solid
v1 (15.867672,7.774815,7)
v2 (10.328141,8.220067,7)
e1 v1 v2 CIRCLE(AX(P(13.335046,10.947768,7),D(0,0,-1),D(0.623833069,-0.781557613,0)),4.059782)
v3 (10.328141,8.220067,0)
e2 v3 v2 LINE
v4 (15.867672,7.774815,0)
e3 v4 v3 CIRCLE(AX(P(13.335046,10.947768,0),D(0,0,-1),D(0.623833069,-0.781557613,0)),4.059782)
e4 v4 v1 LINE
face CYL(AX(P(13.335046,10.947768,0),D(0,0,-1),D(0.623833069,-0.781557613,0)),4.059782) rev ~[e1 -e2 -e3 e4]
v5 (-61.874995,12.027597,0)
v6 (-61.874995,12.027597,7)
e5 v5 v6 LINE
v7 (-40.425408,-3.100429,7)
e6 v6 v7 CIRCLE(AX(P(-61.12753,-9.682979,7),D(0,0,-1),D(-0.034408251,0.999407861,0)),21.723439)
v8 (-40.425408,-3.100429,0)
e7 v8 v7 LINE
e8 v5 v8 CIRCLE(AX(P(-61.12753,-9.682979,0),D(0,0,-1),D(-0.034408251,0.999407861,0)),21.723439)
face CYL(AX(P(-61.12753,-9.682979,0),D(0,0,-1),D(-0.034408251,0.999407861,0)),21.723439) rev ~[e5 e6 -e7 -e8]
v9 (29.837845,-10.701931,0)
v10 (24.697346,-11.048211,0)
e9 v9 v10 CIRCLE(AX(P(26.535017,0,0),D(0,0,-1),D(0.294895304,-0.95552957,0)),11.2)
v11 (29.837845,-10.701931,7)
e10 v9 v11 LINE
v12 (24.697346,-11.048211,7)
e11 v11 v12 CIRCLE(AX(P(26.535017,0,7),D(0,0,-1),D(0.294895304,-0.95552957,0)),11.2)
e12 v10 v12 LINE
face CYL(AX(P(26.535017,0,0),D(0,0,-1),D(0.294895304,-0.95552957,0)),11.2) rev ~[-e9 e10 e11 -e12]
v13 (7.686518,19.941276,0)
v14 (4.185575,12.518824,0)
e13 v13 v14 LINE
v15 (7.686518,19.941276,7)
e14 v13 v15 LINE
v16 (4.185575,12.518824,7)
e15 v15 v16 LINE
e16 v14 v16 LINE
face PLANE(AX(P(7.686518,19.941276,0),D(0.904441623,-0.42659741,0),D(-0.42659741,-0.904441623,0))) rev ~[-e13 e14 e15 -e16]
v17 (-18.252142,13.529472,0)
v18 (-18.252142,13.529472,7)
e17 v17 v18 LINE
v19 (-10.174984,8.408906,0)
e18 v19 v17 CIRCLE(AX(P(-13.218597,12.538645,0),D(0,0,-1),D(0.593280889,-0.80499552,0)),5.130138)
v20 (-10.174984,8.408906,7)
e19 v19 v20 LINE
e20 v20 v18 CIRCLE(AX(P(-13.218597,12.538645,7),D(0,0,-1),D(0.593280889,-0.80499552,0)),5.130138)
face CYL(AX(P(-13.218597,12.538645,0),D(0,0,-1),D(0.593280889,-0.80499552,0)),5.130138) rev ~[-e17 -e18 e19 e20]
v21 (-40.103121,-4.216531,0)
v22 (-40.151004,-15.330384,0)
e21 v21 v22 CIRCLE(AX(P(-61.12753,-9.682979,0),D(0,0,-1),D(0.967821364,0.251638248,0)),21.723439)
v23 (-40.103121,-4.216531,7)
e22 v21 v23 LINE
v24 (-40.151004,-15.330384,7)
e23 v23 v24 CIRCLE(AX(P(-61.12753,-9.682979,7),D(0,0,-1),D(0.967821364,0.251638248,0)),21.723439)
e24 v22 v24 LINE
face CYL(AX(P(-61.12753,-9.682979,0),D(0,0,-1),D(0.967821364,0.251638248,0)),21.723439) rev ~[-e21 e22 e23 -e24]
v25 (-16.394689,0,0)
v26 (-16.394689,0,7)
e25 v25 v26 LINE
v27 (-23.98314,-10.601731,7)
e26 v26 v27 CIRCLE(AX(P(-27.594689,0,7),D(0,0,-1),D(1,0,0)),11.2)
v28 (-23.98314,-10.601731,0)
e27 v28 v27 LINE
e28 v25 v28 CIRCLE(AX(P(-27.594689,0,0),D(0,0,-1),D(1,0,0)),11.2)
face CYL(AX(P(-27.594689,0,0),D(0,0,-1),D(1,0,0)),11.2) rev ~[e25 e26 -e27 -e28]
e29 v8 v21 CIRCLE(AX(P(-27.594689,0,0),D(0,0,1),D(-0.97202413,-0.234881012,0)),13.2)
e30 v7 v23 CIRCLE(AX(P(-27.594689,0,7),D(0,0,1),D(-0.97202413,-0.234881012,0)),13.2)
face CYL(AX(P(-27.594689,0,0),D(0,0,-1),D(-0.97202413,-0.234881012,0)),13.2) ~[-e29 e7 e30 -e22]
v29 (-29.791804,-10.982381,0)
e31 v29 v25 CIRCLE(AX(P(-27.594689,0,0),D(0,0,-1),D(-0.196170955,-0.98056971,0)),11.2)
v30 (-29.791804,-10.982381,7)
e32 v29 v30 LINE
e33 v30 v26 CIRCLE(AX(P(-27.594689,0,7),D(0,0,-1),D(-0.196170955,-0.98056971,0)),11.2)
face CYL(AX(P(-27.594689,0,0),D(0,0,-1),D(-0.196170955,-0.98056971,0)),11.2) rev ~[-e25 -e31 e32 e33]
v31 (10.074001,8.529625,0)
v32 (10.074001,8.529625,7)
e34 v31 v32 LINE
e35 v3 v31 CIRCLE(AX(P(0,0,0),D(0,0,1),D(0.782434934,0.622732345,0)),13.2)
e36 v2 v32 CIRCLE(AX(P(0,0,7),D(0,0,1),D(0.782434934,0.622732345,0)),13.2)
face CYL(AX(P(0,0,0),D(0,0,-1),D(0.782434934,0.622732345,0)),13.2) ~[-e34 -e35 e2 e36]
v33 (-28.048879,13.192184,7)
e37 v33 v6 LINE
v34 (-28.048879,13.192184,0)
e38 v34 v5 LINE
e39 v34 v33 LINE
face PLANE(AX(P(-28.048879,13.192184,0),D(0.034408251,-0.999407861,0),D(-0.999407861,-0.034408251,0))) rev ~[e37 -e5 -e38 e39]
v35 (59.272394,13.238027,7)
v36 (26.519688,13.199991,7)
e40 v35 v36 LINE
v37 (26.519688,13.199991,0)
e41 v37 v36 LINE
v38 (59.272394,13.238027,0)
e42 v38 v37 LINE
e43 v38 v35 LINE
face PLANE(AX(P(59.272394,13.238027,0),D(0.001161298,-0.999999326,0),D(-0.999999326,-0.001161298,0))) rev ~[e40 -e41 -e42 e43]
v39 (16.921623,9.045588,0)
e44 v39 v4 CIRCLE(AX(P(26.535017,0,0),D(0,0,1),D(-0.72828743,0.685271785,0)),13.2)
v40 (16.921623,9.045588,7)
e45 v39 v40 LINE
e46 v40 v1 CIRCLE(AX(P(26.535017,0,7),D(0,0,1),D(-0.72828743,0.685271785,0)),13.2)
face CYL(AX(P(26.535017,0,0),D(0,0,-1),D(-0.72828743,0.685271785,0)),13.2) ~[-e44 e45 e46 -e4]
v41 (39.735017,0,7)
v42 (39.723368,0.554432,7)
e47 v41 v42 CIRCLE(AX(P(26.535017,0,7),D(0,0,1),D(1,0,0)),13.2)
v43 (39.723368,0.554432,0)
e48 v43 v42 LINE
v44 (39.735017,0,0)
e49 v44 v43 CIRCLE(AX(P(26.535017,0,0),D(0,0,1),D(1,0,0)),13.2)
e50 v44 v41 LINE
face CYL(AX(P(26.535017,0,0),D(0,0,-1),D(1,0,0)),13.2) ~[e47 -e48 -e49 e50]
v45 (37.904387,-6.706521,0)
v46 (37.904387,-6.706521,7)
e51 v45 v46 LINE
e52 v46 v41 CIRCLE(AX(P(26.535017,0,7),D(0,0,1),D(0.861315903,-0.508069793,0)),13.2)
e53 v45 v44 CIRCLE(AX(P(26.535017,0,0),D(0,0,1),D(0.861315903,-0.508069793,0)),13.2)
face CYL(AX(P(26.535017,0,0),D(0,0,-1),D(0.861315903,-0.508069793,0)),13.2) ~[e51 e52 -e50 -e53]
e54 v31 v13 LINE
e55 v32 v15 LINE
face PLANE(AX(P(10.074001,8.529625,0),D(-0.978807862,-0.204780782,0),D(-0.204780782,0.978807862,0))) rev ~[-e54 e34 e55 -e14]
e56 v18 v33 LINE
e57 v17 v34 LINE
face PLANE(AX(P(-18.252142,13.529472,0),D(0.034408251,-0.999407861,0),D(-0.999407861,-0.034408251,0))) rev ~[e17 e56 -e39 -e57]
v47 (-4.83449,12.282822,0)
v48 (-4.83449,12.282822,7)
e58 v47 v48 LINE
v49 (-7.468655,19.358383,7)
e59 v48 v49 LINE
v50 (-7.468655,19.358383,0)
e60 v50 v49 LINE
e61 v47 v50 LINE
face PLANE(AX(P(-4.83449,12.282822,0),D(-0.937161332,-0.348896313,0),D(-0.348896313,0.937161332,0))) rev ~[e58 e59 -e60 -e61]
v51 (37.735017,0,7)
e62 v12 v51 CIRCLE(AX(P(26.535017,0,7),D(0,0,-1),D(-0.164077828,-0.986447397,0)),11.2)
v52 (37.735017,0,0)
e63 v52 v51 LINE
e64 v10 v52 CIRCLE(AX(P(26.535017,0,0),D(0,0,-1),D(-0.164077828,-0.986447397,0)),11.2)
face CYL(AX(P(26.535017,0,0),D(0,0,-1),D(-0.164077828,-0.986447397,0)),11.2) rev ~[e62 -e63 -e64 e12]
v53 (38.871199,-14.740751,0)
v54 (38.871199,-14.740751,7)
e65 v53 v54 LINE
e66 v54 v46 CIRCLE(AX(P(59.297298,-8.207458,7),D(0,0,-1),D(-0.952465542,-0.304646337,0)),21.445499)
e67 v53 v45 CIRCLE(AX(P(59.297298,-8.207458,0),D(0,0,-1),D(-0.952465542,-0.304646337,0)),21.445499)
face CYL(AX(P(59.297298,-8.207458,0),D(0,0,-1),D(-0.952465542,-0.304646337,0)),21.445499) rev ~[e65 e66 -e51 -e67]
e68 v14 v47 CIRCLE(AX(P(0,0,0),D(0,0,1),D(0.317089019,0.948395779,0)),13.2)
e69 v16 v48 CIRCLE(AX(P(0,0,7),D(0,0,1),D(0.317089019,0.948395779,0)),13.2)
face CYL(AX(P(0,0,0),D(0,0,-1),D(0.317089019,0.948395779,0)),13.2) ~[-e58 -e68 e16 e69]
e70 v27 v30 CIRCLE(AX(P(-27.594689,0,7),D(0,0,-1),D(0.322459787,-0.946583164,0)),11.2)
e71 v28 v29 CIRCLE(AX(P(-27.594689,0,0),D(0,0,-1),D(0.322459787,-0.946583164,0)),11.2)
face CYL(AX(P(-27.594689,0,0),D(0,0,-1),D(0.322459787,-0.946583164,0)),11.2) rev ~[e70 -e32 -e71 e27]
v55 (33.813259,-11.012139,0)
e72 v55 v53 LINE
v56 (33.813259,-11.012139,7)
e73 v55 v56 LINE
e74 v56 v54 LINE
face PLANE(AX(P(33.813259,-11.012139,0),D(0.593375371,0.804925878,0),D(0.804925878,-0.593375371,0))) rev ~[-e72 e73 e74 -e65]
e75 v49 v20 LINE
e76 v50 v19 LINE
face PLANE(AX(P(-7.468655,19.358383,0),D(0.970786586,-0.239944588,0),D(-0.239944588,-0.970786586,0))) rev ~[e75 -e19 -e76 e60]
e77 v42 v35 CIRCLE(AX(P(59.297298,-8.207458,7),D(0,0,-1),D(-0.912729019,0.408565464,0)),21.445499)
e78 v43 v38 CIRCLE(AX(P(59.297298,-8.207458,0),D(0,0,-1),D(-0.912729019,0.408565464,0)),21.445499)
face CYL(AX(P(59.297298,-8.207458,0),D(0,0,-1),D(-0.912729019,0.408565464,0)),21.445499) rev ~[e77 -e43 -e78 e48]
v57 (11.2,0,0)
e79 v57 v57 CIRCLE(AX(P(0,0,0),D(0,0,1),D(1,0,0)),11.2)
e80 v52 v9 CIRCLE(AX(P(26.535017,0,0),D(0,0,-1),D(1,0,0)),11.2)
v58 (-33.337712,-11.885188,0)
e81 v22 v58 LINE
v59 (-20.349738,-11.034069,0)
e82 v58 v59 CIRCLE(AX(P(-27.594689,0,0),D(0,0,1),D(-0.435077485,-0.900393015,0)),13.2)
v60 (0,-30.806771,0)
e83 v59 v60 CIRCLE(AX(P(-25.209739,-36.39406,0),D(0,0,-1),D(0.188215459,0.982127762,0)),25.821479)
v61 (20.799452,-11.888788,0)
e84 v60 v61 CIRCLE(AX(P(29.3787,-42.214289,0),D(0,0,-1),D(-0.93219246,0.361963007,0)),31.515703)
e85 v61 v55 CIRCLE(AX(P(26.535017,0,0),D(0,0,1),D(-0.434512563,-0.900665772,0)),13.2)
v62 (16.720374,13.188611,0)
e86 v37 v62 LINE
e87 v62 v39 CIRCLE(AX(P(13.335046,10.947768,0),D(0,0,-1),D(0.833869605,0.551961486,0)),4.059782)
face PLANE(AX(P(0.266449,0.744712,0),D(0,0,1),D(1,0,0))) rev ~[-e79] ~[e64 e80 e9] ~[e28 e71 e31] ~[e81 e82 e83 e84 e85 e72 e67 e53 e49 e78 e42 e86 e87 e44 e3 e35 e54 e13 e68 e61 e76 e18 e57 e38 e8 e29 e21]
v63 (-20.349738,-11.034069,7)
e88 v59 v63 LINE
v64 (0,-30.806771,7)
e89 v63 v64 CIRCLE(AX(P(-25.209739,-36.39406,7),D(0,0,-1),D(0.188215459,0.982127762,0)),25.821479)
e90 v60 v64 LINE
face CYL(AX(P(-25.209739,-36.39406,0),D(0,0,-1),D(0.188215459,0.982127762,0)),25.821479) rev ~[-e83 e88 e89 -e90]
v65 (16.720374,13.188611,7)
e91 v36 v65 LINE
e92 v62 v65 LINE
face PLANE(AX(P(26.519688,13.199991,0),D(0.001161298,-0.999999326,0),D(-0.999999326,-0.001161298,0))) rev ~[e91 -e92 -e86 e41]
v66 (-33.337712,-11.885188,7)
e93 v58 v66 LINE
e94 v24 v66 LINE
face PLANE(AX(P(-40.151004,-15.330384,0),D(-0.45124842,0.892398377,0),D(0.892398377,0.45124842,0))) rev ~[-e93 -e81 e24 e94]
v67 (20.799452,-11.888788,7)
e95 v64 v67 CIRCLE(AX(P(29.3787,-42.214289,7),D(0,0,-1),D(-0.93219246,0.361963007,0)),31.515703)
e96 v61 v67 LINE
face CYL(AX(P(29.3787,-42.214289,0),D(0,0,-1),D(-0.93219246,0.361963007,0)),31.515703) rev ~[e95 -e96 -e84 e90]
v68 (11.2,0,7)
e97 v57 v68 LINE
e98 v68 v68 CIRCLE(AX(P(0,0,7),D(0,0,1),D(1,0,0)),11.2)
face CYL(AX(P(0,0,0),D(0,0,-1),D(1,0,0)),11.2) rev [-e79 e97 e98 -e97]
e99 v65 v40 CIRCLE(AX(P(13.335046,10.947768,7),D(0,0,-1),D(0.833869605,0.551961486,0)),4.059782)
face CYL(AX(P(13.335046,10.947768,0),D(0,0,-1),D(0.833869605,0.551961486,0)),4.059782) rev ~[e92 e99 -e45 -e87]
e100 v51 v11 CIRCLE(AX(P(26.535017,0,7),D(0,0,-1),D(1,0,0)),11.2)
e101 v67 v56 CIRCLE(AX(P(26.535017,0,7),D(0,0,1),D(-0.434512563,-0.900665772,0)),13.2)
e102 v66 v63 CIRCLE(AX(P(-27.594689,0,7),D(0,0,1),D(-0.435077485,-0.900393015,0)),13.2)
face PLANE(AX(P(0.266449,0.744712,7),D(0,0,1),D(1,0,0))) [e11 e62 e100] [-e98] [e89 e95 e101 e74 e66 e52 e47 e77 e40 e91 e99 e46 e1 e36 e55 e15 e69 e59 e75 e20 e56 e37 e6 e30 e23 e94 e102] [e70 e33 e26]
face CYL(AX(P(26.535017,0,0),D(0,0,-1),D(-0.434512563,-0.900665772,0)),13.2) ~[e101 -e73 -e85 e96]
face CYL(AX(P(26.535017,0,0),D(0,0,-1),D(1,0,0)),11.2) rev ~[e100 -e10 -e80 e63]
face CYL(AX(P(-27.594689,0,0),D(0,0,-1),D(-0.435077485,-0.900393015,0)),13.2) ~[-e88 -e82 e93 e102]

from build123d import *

# Parameters (mm, degrees)
F0_R     = 11.2
F1_DEPTH = 7


with BuildPart() as f1:
    # F0 (on Top) → F1 (new body)
    with BuildSketch(Plane.XY):
        with BuildLine():
            ThreePointArc((10.3281411328, 8.2200669548), (10.1972511679, 8.3717102549), (10.074000709, 8.5296254147))
            ThreePointArc((10.074000709, 8.5296254147), (7.4035330811, 10.9282980338), (4.1855750451, 12.5188242875))
            ThreePointArc((4.1855750451, 12.5188242875), (-0.3452490992, 13.1954841919), (-4.8344899154, 12.2828216326))
            ThreePointArc((-4.8344899154, 12.2828216326), (-7.7506695625, 10.6849015593), (-10.1749836281, 8.4089064788))
            ThreePointArc((-10.1749836281, 8.4089064788), (-4.468233214, -12.4207444199), (13.2, 0))
            ThreePointArc((13.2, 0), (12.4613695666, 4.3536500231), (10.3281411328, 8.2200669548))
        make_face()
        Circle(F0_R, mode=Mode.SUBTRACT)
        with BuildLine():
            ThreePointArc((10.3281411328, 8.2200669548), (10.2022450736, 8.3758101374), (10.074000709, 8.5296254147))
            ThreePointArc((10.074000709, 8.5296254147), (10.1972511679, 8.3717102549), (10.3281411328, 8.2200669548))
        make_face()
        with BuildLine():
            ThreePointArc((4.1855750451, 12.5188242875), (7.4035330811, 10.9282980338), (10.074000709, 8.5296254147))
            Line((10.074000709, 8.5296254147), (7.6865181327, 19.9412759393))
            Line((7.6865181327, 19.9412759393), (4.1855750451, 12.5188242875))
        make_face()
        with BuildLine():
            ThreePointArc((15.8676719554, 7.7748145738), (13.0097806042, 6.901037059), (10.3281411328, 8.2200669548))
            ThreePointArc((10.3281411328, 8.2200669548), (12.4613695666, 4.3536500231), (13.2, 0))
            ThreePointArc((13.2, 0), (-4.468233214, -12.4207444199), (-10.1749836281, 8.4089064788))
            ThreePointArc((-10.1749836281, 8.4089064788), (-15.9654138837, 8.2058267338), (-18.2521417737, 13.5294720531))
            Line((-18.2521417737, 13.5294720531), (-28.0488785159, 13.1921837517))
            ThreePointArc((-28.0488785159, 13.1921837517), (-18.4228655221, 9.4930316), (-14.3946892798, 0))
            ThreePointArc((-14.3946892798, 0), (-15.9784644263, -6.2692360104), (-20.3497377879, -11.034068963))
            ThreePointArc((-20.3497377879, -11.034068963), (-7.2156496997, -17.8748402529), (0, -30.8067705482))
            ThreePointArc((0, -30.8067705482), (8.1731824308, -18.8997973628), (20.7994515503, -11.8887881909))
            ThreePointArc((20.7994515503, -11.8887881909), (13.7315728101, -3.2112002777), (15.8676719554, 7.7748145738))
        make_face()
        with BuildLine():
            ThreePointArc((-10.1749836281, 8.4089064788), (-7.7506695625, 10.6849015593), (-4.8344899154, 12.2828216326))
            Line((-4.8344899154, 12.2828216326), (-7.4686547741, 19.3583834916))
            Line((-7.4686547741, 19.3583834916), (-10.1749836281, 8.4089064788))
        make_face()
        with BuildLine():
            ThreePointArc((16.9216233027, 9.0455875637), (16.4599264938, 8.356060205), (15.8676719554, 7.7748145738))
            ThreePointArc((15.8676719554, 7.7748145738), (13.7315728101, -3.2112002777), (20.7994515503, -11.8887881909))
            ThreePointArc((20.7994515503, -11.8887881909), (22.7350911295, -11.4067904706), (24.6973457089, -11.0482108434))
            ThreePointArc((24.6973457089, -11.0482108434), (19.2942274575, 8.5446451852), (37.735017377, 0))
            ThreePointArc((37.735017377, 0), (35.5470001475, -6.6501253029), (29.8378447798, -10.7019311877))
            ThreePointArc((29.8378447798, -10.7019311877), (31.8304630475, -10.7940985486), (33.8132592946, -11.0121385111))
            ThreePointArc((33.8132592946, -11.0121385111), (36.1041313286, -9.0924176202), (37.9043873019, -6.7065212675))
            ThreePointArc((37.9043873019, -6.7065212675), (38.4946332583, -2.9960688252), (39.7233684855, 0.5544321757))
            ThreePointArc((39.7233684855, 0.5544321757), (35.6651689499, 9.5331176566), (26.5196883397, 13.1999910993))
            ThreePointArc((26.5196883397, 13.1999910993), (21.2916554427, 12.1139240392), (16.9216233027, 9.0455875637))
        make_face()
        with BuildLine():
            ThreePointArc((16.9216233027, 9.0455875637), (16.3747607551, 8.4266948075), (15.8676719554, 7.7748145738))
            ThreePointArc((15.8676719554, 7.7748145738), (16.4599264938, 8.356060205), (16.9216233027, 9.0455875637))
        make_face()
        with BuildLine():
            ThreePointArc((16.7203744661, 13.1886111726), (17.3900464241, 11.1447410536), (16.9216233027, 9.0455875637))
            ThreePointArc((16.9216233027, 9.0455875637), (21.2916554427, 12.1139240392), (26.5196883397, 13.1999910993))
            Line((26.5196883397, 13.1999910993), (16.7203744661, 13.1886111726))
        make_face()
        with BuildLine():
            ThreePointArc((24.6973457089, -11.0482108434), (22.7350911295, -11.4067904706), (20.7994515503, -11.8887881909))
            ThreePointArc((20.7994515503, -11.8887881909), (27.4221988949, -13.1701521994), (33.8132592946, -11.0121385111))
            ThreePointArc((33.8132592946, -11.0121385111), (31.8304630475, -10.7940985486), (29.8378447798, -10.7019311877))
            ThreePointArc((29.8378447798, -10.7019311877), (27.2877774528, -11.1746745934), (24.6973457089, -11.0482108434))
        make_face()
        with BuildLine():
            Line((59.2723935843, 13.2380267605), (26.5196883397, 13.1999910993))
            ThreePointArc((26.5196883397, 13.1999910993), (35.6651689499, 9.5331176566), (39.7233684855, 0.5544321757))
            ThreePointArc((39.7233684855, 0.5544321757), (47.6248104741, 9.7831637012), (59.2723935843, 13.2380267605))
        make_face()
        with BuildLine():
            ThreePointArc((37.9043873019, -6.7065212675), (36.1041313286, -9.0924176202), (33.8132592946, -11.0121385111))
            Line((33.8132592946, -11.0121385111), (38.8711988926, -14.7407511249))
            ThreePointArc((38.8711988926, -14.7407511249), (38.0054073492, -10.769651182), (37.9043873019, -6.7065212675))
        make_face()
        with BuildLine():
            ThreePointArc((-14.3946892798, 0), (-18.4228655221, 9.4930316), (-28.0488785159, 13.1921837517))
            ThreePointArc((-28.0488785159, 13.1921837517), (-38.1058502056, 7.9847038763), (-40.4254078025, -3.1004293559))
            ThreePointArc((-40.4254078025, -3.1004293559), (-40.2568023788, -3.6563255049), (-40.103121039, -4.2165311485))
            ThreePointArc((-40.103121039, -4.2165311485), (-37.4932231177, -8.7326415168), (-33.3377120847, -11.8851878009))
            ThreePointArc((-33.3377120847, -11.8851878009), (-31.5807696858, -11.3708961265), (-29.791803972, -10.9823807542))
            ThreePointArc((-29.791803972, -10.9823807542), (-34.6951229091, 8.6616304629), (-16.3946892798, 0))
            ThreePointArc((-16.3946892798, 0), (-18.4872924031, -6.5188436191), (-23.9831396603, -10.6017314315))
            ThreePointArc((-23.9831396603, -10.6017314315), (-22.1587710386, -10.7534603081), (-20.3497377879, -11.034068963))
            ThreePointArc((-20.3497377879, -11.034068963), (-15.9784644263, -6.2692360104), (-14.3946892798, 0))
        make_face()
        with BuildLine():
            ThreePointArc((-40.4254078025, -3.1004293559), (-38.1058502056, 7.9847038763), (-28.0488785159, 13.1921837517))
            Line((-28.0488785159, 13.1921837517), (-61.8749952175, 12.02759663))
            ThreePointArc((-61.8749952175, 12.02759663), (-48.6070915858, 8.069385126), (-40.4254078025, -3.1004293559))
        make_face()
        with BuildLine():
            ThreePointArc((39.735017377, 0), (39.7321048328, 0.2772772683), (39.7233684855, 0.5544321757))
            ThreePointArc((39.7233684855, 0.5544321757), (38.4946332583, -2.9960688252), (37.9043873019, -6.7065212675))
            ThreePointArc((37.9043873019, -6.7065212675), (39.2691385286, -3.4759399442), (39.735017377, 0))
        make_face()
        with BuildLine():
            ThreePointArc((-33.3377120847, -11.8851878009), (-26.7315274964, -13.1717482414), (-20.3497377879, -11.034068963))
            ThreePointArc((-20.3497377879, -11.034068963), (-22.1587710386, -10.7534603081), (-23.9831396603, -10.6017314315))
            ThreePointArc((-23.9831396603, -10.6017314315), (-26.8623095848, -11.1760288109), (-29.791803972, -10.9823807542))
            ThreePointArc((-29.791803972, -10.9823807542), (-31.5807696858, -11.3708961265), (-33.3377120847, -11.8851878009))
        make_face()
        with BuildLine():
            ThreePointArc((-40.103121039, -4.2165311485), (-40.2568023788, -3.6563255049), (-40.4254078025, -3.1004293559))
            ThreePointArc((-40.4254078025, -3.1004293559), (-40.2765485699, -3.6620274365), (-40.103121039, -4.2165311485))
        make_face()
        with BuildLine():
            Line((-40.1510037482, -15.3303835541), (-33.3377120847, -11.8851878009))
            ThreePointArc((-33.3377120847, -11.8851878009), (-37.4932231177, -8.7326415168), (-40.103121039, -4.2165311485))
            ThreePointArc((-40.103121039, -4.2165311485), (-39.4042920046, -9.7765713214), (-40.1510037482, -15.3303835541))
        make_face()
    extrude(amount=F1_DEPTH)


solid = f1.part
